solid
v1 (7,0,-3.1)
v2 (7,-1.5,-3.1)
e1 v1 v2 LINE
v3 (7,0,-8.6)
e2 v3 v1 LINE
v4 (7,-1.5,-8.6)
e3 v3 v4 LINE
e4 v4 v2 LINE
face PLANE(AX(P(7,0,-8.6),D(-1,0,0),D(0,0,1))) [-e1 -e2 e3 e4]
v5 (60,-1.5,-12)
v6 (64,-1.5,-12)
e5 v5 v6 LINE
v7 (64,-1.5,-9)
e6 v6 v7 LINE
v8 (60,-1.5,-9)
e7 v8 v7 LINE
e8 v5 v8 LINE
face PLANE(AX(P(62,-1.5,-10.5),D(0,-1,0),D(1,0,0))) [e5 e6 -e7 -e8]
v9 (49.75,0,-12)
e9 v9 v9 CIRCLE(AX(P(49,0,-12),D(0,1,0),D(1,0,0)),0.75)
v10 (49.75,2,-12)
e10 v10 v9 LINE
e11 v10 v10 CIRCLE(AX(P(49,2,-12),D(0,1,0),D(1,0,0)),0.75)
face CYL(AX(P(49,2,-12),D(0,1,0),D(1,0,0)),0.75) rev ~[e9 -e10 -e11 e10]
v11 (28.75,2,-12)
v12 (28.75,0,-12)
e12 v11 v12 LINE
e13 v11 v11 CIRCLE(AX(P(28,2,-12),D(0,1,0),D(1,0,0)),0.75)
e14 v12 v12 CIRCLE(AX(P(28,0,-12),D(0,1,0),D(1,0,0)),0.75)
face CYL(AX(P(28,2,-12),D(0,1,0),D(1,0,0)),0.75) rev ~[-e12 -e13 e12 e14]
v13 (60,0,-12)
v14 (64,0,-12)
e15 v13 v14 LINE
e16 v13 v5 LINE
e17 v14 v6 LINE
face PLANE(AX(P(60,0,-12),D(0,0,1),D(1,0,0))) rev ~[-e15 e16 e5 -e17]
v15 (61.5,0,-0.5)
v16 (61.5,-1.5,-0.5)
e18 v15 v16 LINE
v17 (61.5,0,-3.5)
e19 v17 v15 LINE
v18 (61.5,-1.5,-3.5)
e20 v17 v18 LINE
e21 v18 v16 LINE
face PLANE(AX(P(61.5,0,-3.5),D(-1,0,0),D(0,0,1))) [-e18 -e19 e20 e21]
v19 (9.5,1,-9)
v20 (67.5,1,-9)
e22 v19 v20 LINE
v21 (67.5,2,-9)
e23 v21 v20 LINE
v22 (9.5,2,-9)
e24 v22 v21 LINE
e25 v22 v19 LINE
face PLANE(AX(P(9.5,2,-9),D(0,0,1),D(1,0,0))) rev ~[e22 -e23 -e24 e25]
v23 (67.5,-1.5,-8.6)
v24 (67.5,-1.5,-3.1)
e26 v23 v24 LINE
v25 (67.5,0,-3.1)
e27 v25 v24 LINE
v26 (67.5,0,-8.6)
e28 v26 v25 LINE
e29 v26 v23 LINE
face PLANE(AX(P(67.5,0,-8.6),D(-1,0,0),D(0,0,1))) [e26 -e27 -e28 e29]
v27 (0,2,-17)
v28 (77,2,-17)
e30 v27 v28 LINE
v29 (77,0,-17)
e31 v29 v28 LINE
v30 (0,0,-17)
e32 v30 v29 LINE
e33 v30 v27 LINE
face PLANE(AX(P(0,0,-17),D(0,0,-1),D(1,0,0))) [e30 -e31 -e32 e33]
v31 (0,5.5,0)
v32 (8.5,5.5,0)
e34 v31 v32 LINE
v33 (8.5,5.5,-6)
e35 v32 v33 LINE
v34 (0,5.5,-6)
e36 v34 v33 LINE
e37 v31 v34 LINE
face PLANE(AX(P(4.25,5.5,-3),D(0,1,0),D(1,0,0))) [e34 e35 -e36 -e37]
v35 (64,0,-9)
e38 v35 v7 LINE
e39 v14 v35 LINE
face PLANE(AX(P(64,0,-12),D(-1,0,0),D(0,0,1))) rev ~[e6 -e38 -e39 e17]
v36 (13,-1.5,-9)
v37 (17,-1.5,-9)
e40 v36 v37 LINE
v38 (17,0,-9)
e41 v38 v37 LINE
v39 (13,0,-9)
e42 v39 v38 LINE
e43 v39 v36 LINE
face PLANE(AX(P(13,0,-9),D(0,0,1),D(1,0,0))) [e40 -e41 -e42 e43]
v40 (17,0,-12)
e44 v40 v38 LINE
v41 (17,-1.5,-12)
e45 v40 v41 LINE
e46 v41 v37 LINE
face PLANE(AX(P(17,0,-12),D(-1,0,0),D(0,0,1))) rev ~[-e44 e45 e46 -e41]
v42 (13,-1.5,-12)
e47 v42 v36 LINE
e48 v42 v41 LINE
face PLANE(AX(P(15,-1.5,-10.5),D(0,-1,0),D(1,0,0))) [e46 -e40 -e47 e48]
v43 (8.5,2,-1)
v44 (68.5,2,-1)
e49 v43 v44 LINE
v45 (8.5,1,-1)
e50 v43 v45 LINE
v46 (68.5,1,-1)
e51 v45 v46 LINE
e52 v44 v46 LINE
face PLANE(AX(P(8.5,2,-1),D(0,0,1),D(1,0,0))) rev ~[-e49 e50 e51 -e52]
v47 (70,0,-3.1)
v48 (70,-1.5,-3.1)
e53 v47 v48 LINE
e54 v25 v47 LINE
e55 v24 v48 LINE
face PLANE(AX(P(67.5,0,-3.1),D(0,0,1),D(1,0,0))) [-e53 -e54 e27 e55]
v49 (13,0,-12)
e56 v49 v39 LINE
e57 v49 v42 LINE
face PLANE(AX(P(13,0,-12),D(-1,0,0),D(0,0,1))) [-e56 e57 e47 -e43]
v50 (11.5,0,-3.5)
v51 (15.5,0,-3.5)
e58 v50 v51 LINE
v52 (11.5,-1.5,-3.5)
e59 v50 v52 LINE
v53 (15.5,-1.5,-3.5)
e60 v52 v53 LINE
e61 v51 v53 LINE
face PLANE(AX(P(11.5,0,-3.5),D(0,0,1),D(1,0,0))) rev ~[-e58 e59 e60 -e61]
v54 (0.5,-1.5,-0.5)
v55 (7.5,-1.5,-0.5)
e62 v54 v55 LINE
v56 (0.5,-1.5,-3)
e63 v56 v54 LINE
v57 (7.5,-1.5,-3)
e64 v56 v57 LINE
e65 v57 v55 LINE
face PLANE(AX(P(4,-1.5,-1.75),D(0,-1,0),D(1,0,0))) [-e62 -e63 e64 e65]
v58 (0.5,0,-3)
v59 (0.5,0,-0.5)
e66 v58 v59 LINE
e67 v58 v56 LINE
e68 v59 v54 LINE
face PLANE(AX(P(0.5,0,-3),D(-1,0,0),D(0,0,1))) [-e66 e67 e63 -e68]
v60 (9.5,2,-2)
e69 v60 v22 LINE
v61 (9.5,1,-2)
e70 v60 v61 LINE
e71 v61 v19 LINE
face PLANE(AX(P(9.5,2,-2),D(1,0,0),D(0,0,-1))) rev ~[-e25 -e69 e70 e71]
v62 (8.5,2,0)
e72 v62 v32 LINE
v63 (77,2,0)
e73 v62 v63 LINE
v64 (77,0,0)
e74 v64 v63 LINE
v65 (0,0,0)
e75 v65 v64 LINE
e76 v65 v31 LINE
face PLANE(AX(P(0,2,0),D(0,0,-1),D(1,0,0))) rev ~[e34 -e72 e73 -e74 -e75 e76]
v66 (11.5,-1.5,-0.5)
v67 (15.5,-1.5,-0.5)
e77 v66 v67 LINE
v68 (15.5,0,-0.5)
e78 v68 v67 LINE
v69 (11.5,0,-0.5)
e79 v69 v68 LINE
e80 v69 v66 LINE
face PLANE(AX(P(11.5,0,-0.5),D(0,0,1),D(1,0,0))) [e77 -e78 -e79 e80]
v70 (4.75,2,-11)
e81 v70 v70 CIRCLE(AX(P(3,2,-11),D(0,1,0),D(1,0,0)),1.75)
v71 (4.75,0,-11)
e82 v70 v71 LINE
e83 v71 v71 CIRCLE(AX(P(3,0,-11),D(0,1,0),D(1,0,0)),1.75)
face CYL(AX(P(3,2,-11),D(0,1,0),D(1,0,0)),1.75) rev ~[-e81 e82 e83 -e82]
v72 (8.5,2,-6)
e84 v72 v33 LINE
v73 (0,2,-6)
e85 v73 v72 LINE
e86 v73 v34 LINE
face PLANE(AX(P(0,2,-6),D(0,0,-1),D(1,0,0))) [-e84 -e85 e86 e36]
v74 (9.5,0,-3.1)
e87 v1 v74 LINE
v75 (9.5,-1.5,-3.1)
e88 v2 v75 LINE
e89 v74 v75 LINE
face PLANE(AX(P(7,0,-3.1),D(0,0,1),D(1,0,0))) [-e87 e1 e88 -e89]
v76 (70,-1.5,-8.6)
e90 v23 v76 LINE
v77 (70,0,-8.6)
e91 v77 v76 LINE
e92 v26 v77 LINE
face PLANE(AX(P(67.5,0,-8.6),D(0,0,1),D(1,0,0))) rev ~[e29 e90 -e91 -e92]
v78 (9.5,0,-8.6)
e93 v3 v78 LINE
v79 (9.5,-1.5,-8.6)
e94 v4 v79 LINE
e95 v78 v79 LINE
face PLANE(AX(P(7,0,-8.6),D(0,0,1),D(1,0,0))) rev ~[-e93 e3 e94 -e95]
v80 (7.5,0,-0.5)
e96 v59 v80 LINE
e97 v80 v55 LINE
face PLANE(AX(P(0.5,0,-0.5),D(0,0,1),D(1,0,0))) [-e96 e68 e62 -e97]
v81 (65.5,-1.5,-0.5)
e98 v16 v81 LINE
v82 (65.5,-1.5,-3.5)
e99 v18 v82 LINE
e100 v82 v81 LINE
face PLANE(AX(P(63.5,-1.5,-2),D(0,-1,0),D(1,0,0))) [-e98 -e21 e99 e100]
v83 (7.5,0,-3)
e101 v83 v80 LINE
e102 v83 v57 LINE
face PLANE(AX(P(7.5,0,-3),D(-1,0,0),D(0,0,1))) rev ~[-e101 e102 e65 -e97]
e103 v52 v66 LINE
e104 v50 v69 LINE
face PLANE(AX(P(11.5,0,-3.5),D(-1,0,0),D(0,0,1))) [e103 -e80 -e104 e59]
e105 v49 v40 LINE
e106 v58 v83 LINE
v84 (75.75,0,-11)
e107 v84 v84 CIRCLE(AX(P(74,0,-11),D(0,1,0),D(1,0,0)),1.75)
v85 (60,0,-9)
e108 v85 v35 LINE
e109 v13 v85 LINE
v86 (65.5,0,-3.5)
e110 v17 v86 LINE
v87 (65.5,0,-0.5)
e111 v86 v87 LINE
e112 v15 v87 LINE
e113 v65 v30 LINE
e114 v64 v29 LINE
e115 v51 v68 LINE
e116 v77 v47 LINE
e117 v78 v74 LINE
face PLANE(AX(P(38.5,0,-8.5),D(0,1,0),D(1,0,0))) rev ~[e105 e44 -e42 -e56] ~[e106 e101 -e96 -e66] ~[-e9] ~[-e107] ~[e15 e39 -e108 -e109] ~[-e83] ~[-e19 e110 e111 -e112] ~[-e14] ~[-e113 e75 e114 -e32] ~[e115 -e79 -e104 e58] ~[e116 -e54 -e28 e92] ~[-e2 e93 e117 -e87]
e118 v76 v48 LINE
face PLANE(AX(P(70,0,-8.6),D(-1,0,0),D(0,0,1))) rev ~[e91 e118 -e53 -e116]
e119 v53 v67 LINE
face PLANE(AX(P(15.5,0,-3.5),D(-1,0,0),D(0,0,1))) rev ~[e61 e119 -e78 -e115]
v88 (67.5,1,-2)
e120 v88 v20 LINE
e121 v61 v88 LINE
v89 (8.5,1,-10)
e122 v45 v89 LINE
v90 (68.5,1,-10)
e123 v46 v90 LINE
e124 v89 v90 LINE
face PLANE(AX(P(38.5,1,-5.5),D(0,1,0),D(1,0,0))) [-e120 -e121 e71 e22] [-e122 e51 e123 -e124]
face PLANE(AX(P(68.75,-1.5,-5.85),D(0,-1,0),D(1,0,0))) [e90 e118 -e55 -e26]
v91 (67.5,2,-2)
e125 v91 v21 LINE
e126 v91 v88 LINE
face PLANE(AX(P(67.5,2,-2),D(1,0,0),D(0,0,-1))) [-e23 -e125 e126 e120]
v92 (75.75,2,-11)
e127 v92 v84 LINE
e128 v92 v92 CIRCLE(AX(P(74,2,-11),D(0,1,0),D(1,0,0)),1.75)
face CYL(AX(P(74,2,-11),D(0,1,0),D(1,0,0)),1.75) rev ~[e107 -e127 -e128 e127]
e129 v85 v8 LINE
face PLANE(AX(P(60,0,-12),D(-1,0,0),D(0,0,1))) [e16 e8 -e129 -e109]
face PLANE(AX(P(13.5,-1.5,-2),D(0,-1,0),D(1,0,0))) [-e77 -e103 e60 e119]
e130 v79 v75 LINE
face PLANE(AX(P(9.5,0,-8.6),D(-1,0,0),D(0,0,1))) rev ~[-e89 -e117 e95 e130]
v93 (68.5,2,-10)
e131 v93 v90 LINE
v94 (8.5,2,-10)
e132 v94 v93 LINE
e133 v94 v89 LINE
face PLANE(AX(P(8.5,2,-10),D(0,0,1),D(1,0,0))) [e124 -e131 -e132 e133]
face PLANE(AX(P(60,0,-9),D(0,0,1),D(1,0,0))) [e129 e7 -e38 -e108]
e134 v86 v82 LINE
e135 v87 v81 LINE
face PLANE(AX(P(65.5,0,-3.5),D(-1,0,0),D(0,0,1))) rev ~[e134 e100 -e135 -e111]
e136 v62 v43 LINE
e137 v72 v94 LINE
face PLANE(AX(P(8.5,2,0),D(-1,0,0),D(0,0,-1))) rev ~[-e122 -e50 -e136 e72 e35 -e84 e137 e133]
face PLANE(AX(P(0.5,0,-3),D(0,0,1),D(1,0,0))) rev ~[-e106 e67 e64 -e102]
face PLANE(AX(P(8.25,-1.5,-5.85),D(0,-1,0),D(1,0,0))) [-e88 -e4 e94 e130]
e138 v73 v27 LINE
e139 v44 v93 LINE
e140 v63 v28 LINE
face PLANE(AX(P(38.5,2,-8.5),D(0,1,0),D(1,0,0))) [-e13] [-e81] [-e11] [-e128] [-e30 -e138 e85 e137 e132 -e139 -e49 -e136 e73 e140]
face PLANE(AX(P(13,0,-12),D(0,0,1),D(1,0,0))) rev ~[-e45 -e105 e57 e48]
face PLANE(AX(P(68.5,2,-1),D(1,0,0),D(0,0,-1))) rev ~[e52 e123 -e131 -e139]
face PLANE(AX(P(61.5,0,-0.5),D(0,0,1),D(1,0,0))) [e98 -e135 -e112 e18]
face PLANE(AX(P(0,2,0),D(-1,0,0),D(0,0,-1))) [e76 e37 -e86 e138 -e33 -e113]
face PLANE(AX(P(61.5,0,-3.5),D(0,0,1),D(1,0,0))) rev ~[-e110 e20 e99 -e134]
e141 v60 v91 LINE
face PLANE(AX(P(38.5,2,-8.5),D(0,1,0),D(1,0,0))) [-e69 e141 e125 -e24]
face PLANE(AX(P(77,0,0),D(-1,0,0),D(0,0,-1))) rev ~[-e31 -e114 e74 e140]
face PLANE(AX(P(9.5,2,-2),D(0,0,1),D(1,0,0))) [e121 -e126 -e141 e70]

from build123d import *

# Parameters (mm, degrees)
ESQUISSE1_W             = 77
ESQUISSE1_H             = 17
BOSS_EXTRU_1_DEPTH      = 2
ESQUISSE2_W             = 60
ESQUISSE2_H             = 9
ESQUISSE2_W_2           = 58
ESQUISSE2_H_2           = 7
ENL_V_MAT_EXTRU_1_DEPTH = 1
ESQUISSE3_W             = 8.5
ESQUISSE3_H             = 6
BOSS_EXTRU_2_DEPTH      = 3.5
ESQUISSE4_R             = 1.75
ESQUISSE4_R_2           = 0.75
ENL_V_MAT_EXTRU_2_DEPTH = 3
ESQUISSE5_W             = 7
ESQUISSE5_H             = 2.5
ESQUISSE5_W_2           = 2.5
ESQUISSE5_H_2           = 5.5
ESQUISSE5_W_3           = 4
ESQUISSE5_H_3           = 3
BOSS_EXTRU_3_DEPTH      = 1.5


with BuildPart() as part:
    # Esquisse1 → Boss.-Extru.1 (new body)
    with BuildSketch(Plane(origin=(0, 0, 0), x_dir=(1, 0, 0), z_dir=(0, 1, 0))):
        with Locations((38.5, 8.5)):
            Rectangle(ESQUISSE1_W, ESQUISSE1_H)
    extrude(amount=BOSS_EXTRU_1_DEPTH)

    # Esquisse2 → Enlèv. mat.-Extru.1 (cut)
    with BuildSketch(Plane(origin=(0, 2, 0), x_dir=(1, 0, 0), z_dir=(0, 1, 0))):
        with Locations((38.5, 5.5)):
            Rectangle(ESQUISSE2_W, ESQUISSE2_H)
        with Locations((38.5, 5.5)):
            Rectangle(ESQUISSE2_W_2, ESQUISSE2_H_2, mode=Mode.SUBTRACT)
    extrude(amount=-ENL_V_MAT_EXTRU_1_DEPTH, mode=Mode.SUBTRACT)

    # Esquisse3 → Boss.-Extru.2 (add)
    with BuildSketch(Plane(origin=(0, 2, 0), x_dir=(1, 0, 0), z_dir=(0, 1, 0))):
        with Locations((4.25, 3)):
            Rectangle(ESQUISSE3_W, ESQUISSE3_H)
    extrude(amount=BOSS_EXTRU_2_DEPTH)

    # Esquisse4 → Enlèv. mat.-Extru.2 (cut, through all)
    with BuildSketch(Plane(origin=(0, 2, 0), x_dir=(1, 0, 0), z_dir=(0, 1, 0))):
        with Locations((74, 11)):
            Circle(ESQUISSE4_R)
        with Locations((49, 12)):
            Circle(ESQUISSE4_R_2)
        with Locations((3, 11)):
            Circle(ESQUISSE4_R)
        with Locations((28, 12)):
            Circle(ESQUISSE4_R_2)
    extrude(amount=-ENL_V_MAT_EXTRU_2_DEPTH, mode=Mode.SUBTRACT)

    # Esquisse5 → Boss.-Extru.3 (add)
    with BuildSketch(Plane.XZ):
        with Locations((4, -1.75)):
            Rectangle(ESQUISSE5_W, ESQUISSE5_H)
        with Locations((8.25, -5.85)):
            Rectangle(ESQUISSE5_W_2, ESQUISSE5_H_2)
        with Locations((15, -10.5)):
            Rectangle(ESQUISSE5_W_3, ESQUISSE5_H_3)
        with Locations((13.5, -2)):
            Rectangle(ESQUISSE5_W_3, ESQUISSE5_H_3)
        with Locations((68.75, -5.85)):
            Rectangle(ESQUISSE5_W_2, ESQUISSE5_H_2)
        with Locations((62, -10.5)):
            Rectangle(ESQUISSE5_W_3, ESQUISSE5_H_3)
        with Locations((63.5, -2)):
            Rectangle(ESQUISSE5_W_3, ESQUISSE5_H_3)
    extrude(amount=BOSS_EXTRU_3_DEPTH)


solid = part.part
